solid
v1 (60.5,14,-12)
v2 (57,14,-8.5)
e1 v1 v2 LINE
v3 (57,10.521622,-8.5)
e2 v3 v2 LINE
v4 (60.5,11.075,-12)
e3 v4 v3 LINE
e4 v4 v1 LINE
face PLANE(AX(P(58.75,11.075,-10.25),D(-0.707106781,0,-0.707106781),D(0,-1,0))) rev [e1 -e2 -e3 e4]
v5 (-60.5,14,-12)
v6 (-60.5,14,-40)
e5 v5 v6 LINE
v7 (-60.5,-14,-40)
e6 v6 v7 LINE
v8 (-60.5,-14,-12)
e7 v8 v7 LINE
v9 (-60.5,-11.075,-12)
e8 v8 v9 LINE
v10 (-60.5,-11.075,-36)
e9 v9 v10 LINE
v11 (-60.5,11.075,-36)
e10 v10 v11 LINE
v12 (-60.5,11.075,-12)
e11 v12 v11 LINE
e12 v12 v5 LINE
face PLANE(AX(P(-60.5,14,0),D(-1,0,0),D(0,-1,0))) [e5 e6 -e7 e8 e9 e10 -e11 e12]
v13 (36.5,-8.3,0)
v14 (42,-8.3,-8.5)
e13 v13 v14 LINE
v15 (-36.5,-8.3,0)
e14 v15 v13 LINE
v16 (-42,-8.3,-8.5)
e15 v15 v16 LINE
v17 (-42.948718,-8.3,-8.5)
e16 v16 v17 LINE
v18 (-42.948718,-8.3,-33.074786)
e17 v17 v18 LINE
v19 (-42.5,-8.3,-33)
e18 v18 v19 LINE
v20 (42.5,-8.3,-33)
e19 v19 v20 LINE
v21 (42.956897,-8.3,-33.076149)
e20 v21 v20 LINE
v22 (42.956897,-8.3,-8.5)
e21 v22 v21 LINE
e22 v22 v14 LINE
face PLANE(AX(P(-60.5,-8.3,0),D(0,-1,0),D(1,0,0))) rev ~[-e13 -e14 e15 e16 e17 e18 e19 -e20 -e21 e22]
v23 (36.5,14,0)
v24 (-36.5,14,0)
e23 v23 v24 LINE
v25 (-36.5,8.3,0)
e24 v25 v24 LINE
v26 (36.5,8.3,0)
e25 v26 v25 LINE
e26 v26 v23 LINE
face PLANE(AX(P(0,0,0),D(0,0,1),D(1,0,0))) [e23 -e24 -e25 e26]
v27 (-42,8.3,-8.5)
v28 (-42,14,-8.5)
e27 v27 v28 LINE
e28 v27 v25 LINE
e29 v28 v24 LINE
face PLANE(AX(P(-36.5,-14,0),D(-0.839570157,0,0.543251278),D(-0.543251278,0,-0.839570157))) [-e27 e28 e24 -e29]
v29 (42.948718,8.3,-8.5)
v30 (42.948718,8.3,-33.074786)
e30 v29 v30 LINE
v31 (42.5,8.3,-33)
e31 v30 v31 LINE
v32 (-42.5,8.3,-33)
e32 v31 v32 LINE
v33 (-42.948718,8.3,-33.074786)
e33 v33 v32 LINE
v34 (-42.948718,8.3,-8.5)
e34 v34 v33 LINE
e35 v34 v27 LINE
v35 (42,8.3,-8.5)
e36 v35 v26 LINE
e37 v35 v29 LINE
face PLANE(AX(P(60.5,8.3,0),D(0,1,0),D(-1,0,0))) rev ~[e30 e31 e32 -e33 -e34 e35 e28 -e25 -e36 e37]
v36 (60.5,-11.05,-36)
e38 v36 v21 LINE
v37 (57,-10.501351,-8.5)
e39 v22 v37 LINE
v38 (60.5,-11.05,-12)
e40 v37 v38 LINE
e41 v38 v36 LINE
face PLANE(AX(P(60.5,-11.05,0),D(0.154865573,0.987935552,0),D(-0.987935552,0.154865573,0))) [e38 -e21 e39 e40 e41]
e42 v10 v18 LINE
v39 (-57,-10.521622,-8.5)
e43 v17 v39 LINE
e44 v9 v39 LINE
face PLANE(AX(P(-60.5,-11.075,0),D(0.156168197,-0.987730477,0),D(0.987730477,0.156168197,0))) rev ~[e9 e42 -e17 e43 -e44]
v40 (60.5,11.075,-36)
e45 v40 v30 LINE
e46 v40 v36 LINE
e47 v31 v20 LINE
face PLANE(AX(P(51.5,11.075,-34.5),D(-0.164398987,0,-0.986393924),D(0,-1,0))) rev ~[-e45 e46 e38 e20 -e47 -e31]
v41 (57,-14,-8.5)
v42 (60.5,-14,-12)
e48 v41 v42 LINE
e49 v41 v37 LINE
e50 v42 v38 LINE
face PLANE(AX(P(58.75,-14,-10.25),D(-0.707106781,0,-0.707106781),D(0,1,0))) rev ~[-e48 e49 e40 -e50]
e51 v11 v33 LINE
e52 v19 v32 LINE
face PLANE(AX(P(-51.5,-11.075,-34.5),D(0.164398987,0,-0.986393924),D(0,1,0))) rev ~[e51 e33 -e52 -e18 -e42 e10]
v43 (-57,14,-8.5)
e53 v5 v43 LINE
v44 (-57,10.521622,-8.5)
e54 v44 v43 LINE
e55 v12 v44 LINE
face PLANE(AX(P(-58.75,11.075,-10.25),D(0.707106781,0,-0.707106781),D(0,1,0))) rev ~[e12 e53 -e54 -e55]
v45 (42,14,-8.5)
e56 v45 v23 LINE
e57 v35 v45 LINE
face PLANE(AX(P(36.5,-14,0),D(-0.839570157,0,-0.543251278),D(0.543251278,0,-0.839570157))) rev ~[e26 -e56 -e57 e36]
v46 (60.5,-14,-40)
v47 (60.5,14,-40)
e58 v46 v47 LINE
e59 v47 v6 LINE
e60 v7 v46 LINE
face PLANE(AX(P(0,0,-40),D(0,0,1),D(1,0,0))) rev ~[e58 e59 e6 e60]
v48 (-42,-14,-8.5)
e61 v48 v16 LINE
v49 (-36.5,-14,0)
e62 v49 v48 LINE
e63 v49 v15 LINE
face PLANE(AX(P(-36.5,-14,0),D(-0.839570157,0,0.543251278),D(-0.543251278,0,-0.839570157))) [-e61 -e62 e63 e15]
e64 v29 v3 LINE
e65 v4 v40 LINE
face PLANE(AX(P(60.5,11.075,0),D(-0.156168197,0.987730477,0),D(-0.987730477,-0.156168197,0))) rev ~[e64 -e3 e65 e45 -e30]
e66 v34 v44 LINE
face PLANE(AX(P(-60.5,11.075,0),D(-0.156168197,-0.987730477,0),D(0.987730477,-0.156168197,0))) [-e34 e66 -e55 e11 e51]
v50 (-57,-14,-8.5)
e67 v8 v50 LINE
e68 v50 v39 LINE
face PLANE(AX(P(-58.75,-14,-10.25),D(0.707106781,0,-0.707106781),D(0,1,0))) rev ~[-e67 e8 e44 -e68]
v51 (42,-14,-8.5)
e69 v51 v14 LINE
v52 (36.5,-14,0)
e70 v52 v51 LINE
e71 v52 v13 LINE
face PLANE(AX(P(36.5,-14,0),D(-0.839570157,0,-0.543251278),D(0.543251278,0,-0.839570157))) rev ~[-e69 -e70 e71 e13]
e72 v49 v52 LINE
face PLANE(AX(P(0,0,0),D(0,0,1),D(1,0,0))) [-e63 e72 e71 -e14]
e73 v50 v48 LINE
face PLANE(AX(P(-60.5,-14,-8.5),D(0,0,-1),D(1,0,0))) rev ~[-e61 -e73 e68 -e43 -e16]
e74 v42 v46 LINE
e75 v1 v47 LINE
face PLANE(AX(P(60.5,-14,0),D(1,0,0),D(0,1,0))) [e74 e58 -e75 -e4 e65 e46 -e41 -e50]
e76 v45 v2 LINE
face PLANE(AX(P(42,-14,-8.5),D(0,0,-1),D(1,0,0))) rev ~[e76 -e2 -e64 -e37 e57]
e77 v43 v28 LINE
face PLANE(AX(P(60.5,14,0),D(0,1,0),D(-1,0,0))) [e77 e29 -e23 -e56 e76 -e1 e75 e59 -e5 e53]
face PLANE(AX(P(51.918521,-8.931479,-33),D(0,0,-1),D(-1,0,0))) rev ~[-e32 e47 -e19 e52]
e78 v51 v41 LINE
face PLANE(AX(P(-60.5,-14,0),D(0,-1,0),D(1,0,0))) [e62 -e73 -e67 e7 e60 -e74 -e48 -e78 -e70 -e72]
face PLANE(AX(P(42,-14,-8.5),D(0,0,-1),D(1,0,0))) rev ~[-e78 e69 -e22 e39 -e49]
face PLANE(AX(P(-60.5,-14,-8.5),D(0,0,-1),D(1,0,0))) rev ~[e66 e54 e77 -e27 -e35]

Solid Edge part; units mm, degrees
sketch "Sketch1" plane through (0, 0, 0) normal (0, 0, 1) x (1, 0, 0)
  line L0 (-60.5, -14) -> (60.5, -14)
  line L1 (60.5, -14) -> (60.5, 14)
  line L2 (60.5, 14) -> (-60.5, 14)
  line L3 (-60.5, 14) -> (-60.5, -14)
extrude "Protrusion1" add sketch "Sketch1" against normal blind 40
sketch "Sketch2" plane through (0, -14, -20) normal (0, -1, 0) x (1, 0, 0)
  line L0 (60.5, 20) -> (42, 20)
  line L1 (42, 20) -> (42, 11.5)
  line L2 (42, 11.5) -> (60.5, 11.5)
  line L3 (60.5, 11.5) -> (60.5, 20)
  line L4 (-60.5, 11.5) -> (-42, 11.5)
  line L5 (-42, 11.5) -> (-42, 20)
  line L6 (-42, 20) -> (-60.5, 20)
  line L7 (-60.5, 20) -> (-60.5, 11.5)
extrude "ExtrudedCutout_1" cut sketch "Sketch2" against normal blind 28
extrude "Cutout1" [suppressed]
sketch "Sketch3" plane through (0, 11.075, 0) normal (0, 0, 1) x (1, 0, 0)
  line L0 (60.5, -2.925) -> (60.5, 0)
  line L1 (60.5, 0) -> (42, -2.925)
  line L2 (42, -2.925) -> (60.5, -2.925)
  line L3 (60.5, -19.225) -> (60.5, -22.125)
  line L4 (60.5, -22.125) -> (42, -19.225)
  line L5 (42, -19.225) -> (60.5, -19.225)
  line L6 (-60.5, -2.925) -> (-60.5, 0)
  line L7 (-60.5, 0) -> (-42, -2.925)
  line L8 (-42, -2.925) -> (-60.5, -2.925)
  line L9 (-60.5, -19.225) -> (-60.5, -22.15)
  line L10 (-60.5, -22.15) -> (-42, -19.225)
  line L11 (-42, -19.225) -> (-60.5, -19.225)
extrude "ExtrudedCutout_4" cut sketch "Sketch3" against normal blind 33
sketch "Sketch4" plane through (0, 0, 0) normal (0, 0, 1) x (1, 0, 0)
  line L0 (-60.5, -8.3) -> (60.5, -8.3)
  line L1 (60.5, -8.3) -> (60.5, 8.3)
  line L2 (60.5, 8.3) -> (-60.5, 8.3)
  line L3 (-60.5, 8.3) -> (-60.5, -8.3)
extrude "ExtrudedCutout_5" cut sketch "Sketch4" against normal blind 33
chamfer "Chamfer_2" distance 3 distance2 18 1 edges at (-60.5, 0, -33) measured on face at (-60.5, 9.6133, -34.435)
chamfer "Chamfer_3" distance 3 distance2 18 1 edges at (60.5, 0.0125, -33) measured on face at (60.5, -9.6133, -34.435)
sketch "Sketch5" plane through (0, -14, -20) normal (0, -1, 0) x (1, 0, 0)
  line L0 (-36.5, 20) -> (-42, 11.5)
  line L1 (-42, 11.5) -> (-42, 20)
  line L2 (-42, 20) -> (-36.5, 20)
  line L3 (36.5, 20) -> (42, 11.5)
  line L4 (42, 11.5) -> (42, 20)
  line L5 (42, 20) -> (36.5, 20)
extrude "ExtrudedCutout_6" cut sketch "Sketch5" against normal blind 40
chamfer "Chamfer_4" distance 3.5 angle 45 1 edges at (60.5, -12.525, -8.5)
chamfer "Chamfer_5" distance 3.5 angle 45 3 edges at (-60.5, -12.5375, -8.5) (-60.5, 12.5375, -8.5) (60.5, 12.5375, -8.5)
